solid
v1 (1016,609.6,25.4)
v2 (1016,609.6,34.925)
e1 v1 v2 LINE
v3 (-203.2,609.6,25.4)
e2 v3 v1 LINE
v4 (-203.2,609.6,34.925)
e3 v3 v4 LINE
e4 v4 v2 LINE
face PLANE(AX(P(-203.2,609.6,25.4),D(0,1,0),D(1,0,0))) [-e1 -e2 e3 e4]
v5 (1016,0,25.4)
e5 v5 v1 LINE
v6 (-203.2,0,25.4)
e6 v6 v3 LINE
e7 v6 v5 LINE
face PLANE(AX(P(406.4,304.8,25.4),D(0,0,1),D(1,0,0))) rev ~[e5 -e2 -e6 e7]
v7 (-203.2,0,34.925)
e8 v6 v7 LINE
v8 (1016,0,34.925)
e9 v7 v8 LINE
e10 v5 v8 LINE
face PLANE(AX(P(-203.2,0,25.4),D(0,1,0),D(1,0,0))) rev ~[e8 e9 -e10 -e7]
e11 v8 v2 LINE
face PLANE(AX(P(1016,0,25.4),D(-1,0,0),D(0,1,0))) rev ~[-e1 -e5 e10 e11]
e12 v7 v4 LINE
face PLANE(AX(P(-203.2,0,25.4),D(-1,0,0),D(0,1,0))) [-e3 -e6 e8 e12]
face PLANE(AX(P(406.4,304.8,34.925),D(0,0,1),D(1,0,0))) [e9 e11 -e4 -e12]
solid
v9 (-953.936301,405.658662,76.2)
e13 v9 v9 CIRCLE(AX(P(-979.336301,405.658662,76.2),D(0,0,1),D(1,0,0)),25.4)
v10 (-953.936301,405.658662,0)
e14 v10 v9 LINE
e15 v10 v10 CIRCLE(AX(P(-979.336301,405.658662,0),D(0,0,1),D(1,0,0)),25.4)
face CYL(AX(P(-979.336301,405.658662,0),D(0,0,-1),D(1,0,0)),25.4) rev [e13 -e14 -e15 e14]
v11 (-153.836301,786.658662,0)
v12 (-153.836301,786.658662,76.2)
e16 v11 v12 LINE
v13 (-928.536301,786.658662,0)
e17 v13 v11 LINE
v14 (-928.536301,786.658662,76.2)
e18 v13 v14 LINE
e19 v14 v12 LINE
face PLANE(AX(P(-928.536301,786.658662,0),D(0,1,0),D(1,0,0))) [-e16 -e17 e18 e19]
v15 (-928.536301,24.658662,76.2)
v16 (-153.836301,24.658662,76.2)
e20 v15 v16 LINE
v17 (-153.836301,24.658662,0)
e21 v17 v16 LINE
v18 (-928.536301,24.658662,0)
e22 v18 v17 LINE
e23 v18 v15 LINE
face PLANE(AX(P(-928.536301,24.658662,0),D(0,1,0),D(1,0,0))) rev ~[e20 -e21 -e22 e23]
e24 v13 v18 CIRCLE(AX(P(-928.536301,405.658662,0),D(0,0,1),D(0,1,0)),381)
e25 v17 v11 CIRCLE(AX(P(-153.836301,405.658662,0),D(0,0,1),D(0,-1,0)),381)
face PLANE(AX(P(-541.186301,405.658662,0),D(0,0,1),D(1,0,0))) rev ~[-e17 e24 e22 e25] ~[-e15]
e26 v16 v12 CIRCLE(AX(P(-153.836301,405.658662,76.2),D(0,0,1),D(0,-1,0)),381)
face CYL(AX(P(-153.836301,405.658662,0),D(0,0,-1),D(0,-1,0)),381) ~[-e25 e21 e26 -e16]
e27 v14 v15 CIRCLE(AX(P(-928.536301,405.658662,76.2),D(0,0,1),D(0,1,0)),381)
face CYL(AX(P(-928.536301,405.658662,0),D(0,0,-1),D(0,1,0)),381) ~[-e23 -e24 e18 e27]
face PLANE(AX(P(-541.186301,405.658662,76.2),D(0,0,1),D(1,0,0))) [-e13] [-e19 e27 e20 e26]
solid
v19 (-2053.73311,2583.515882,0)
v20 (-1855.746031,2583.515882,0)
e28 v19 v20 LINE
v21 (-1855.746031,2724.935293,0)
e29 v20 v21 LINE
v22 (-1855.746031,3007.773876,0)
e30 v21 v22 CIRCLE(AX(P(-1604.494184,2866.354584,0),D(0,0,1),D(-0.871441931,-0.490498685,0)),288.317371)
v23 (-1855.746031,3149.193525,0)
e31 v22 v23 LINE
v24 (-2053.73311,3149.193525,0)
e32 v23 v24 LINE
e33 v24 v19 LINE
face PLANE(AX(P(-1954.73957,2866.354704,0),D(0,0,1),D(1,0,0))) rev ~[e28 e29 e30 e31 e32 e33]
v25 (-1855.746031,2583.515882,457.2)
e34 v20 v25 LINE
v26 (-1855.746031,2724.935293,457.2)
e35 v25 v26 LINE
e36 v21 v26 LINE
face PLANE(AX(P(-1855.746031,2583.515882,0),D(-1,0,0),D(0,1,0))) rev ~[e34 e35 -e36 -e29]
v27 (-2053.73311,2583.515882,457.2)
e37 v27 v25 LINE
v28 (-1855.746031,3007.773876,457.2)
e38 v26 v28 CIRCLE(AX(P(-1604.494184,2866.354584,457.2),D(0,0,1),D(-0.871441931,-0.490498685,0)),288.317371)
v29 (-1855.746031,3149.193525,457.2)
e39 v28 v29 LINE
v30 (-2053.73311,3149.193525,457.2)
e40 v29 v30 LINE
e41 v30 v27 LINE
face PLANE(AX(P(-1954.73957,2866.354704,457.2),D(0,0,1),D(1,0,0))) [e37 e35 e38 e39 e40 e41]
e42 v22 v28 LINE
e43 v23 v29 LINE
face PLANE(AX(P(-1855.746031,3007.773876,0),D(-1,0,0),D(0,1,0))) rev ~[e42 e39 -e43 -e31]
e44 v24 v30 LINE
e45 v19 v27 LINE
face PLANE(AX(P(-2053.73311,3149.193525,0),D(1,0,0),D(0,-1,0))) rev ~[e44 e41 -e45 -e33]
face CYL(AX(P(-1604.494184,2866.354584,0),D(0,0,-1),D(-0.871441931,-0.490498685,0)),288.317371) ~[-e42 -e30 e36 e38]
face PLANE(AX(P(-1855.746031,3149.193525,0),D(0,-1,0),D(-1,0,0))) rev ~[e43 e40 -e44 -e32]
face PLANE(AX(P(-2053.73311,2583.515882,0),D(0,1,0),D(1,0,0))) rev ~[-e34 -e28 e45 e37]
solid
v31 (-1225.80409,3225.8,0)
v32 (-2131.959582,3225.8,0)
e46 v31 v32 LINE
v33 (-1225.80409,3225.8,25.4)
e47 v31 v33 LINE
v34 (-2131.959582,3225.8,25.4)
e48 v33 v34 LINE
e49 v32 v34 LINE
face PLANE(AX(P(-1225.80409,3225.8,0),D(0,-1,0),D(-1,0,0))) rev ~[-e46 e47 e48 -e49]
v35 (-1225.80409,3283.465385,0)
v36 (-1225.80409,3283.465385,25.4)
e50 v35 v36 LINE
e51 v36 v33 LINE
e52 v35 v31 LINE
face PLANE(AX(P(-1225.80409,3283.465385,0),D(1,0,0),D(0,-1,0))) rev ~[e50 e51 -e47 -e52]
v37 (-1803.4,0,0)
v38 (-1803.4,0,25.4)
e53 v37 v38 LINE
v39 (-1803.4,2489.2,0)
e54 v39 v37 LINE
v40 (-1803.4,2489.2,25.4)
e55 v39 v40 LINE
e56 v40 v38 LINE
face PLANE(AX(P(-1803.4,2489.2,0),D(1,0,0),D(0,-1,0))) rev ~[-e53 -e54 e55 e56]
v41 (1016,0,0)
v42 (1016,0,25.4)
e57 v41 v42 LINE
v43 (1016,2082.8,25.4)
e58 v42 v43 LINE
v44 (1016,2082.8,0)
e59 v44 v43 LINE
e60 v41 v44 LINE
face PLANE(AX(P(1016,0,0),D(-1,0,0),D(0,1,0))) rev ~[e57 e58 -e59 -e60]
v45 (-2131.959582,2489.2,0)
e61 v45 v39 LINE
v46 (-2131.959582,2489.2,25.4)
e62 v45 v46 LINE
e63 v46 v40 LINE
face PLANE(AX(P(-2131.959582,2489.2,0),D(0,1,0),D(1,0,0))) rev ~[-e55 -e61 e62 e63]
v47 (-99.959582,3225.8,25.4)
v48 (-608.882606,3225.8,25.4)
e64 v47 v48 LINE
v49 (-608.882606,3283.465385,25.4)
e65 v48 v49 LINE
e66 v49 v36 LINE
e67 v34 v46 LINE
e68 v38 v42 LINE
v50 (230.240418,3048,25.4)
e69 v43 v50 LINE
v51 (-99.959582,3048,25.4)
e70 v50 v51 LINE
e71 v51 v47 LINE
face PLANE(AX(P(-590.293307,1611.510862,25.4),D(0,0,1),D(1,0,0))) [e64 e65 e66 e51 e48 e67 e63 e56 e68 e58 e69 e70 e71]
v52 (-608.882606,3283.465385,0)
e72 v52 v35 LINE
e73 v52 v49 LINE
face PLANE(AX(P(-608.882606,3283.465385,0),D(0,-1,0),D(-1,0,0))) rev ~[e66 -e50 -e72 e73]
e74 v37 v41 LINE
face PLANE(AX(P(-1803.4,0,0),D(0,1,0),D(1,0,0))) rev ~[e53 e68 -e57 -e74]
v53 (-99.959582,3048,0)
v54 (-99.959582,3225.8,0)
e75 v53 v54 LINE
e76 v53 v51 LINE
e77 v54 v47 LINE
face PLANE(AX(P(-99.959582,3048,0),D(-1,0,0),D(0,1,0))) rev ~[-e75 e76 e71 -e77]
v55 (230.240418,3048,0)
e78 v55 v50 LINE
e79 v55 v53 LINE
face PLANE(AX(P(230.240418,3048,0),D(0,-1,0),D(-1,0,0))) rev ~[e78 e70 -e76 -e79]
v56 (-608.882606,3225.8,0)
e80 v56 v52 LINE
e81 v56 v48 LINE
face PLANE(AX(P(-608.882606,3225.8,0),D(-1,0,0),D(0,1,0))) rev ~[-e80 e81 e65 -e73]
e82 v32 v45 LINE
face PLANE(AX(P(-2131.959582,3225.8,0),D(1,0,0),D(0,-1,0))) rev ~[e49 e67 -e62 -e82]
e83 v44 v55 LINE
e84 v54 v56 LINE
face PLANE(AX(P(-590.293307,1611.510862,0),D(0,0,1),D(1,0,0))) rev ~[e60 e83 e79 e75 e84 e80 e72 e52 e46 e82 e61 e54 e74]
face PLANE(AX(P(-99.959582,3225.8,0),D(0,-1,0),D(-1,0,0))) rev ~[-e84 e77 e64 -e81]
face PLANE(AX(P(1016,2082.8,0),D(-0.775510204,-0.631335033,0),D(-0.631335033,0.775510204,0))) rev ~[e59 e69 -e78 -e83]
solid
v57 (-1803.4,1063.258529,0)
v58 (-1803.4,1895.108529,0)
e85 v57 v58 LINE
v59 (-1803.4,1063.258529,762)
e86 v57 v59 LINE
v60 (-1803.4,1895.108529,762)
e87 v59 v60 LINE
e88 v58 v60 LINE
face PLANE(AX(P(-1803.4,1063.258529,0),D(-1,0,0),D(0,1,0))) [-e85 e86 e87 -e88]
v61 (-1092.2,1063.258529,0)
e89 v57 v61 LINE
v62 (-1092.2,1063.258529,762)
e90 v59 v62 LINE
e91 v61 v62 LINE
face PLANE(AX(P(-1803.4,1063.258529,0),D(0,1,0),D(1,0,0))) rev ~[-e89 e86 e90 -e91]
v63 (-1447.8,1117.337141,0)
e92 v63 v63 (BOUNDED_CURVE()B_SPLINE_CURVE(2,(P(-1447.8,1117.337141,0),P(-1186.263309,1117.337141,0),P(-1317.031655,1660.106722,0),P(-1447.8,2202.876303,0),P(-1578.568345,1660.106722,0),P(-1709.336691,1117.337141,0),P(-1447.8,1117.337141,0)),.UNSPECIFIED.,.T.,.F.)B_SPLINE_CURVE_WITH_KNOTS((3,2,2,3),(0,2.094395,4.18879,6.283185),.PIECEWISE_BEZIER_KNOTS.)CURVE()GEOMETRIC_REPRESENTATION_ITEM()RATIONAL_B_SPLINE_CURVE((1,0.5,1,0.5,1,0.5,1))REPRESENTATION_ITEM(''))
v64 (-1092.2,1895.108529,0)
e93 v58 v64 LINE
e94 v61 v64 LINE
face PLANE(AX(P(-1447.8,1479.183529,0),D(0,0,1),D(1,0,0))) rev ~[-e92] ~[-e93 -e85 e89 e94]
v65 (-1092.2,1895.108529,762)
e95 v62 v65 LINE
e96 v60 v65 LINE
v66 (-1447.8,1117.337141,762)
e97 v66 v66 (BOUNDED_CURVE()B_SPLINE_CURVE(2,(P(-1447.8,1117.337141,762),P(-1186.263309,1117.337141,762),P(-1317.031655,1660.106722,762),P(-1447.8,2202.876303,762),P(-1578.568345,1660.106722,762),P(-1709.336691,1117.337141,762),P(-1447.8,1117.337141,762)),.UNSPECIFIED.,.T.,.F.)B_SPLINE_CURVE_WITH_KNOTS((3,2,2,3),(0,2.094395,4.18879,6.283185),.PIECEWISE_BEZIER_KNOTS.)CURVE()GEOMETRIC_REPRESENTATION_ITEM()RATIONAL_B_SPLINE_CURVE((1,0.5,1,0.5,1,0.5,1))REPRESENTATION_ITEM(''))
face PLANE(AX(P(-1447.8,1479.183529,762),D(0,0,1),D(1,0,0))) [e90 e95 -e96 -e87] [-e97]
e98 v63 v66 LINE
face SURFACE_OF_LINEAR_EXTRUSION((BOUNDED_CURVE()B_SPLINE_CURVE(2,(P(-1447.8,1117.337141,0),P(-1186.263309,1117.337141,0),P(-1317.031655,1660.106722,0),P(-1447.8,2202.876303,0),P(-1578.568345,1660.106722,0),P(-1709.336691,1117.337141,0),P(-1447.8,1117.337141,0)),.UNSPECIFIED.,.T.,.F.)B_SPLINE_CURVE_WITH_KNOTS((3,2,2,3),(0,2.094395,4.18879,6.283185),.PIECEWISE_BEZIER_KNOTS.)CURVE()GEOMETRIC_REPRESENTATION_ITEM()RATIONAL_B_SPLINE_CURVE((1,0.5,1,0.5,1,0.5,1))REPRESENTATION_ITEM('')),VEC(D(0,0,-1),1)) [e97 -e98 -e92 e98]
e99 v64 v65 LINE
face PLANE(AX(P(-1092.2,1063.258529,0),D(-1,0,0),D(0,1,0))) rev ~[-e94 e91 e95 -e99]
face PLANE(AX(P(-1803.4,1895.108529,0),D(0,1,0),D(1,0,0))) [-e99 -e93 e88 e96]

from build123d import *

# Parameters (mm, degrees)
F1_DEPTH = 25.4
F2_W     = 1219.2
F2_H     = 609.6
F3_DEPTH = 9.525
F4_W     = 774.7
F4_H     = 762
F4_R     = 25.4
F5_DEPTH = 76.2
F7_DEPTH = 457.2
F8_W     = 711.2
F8_H     = 831.85
F9_DEPTH = 762


with BuildPart() as f1:
    # F0 (on Top) → F1 (new body)
    with BuildSketch(Plane.XY):
        Polygon((-1803.4, 0), (0, 0), (1016, 0), (1016, 2082.8), (230.240418, 3048), (-99.959582, 3048), (-99.959582, 3225.8), (-608.882606, 3225.8), (-608.882606, 3283.465385), (-1225.80409, 3283.465385), (-1225.80409, 3225.8), (-2131.959582, 3225.8), (-2131.959582, 2489.2), (-1803.4, 2489.2), align=None)
    extrude(amount=F1_DEPTH)


with BuildPart() as f3:
    # F2 (on face) → F3 (new body)
    with BuildSketch(Plane.XY.offset(25.4)):
        with Locations((406.4, 304.8)):
            Rectangle(F2_W, F2_H)
    extrude(amount=F3_DEPTH)


with BuildPart() as f5:
    # F4 (on Top) → F5 (new body)
    with BuildSketch(Plane.XY):
        with Locations((-541.186301, 405.658662)):
            Rectangle(F4_W, F4_H)
        with BuildLine():
            ThreePointArc((-153.836301, 24.658662), (227.163699, 405.658662), (-153.836301, 786.658662))
            Line((-153.836301, 786.658662), (-153.836301, 24.658662))
        make_face()
        with BuildLine():
            Line((-928.536301, 24.658662), (-928.536301, 786.658662))
            ThreePointArc((-928.536301, 786.658662), (-1309.536301, 405.658662), (-928.536301, 24.658662))
        make_face()
        with Locations((-979.336301, 405.658662)):
            Circle(F4_R, mode=Mode.SUBTRACT)
    extrude(amount=F5_DEPTH)


with BuildPart() as f7:
    # F6 (on Top) → F7 (new body)
    with BuildSketch(Plane.XY):
        Polygon((-2053.73311, 2583.515882), (-1855.746031, 2583.515882), (-1855.746031, 2724.935293), (-1855.746031, 3007.773876), (-1855.746031, 3149.193525), (-2053.73311, 3149.193525), align=None)
        with BuildLine():
            Line((-1855.746031, 3007.773876), (-1855.746031, 2724.935293))
            ThreePointArc((-1855.746031, 2724.935293), (-1316.176813, 2866.354585), (-1855.746031, 3007.773876))
        make_face()
    extrude(amount=F7_DEPTH)


with BuildPart() as f9:
    # F8 (on Top) → F9 (new body)
    with BuildSketch(Plane.XY):
        with Locations((-1447.8, 1479.183529)):
            Rectangle(F8_W, F8_H)
        with BuildLine():
            add(Edge.make_bspline(
                [(-1447.8, 1117.337141), (-1186.263309, 1117.337141), (-1317.031655, 1660.106722), (-1447.8, 2202.876303), (-1578.568345, 1660.106722), (-1709.336691, 1117.337141), (-1447.8, 1117.337141)],
                knots=[0, 0, 0, 2.094395, 2.094395, 4.18879, 4.18879, 6.283185, 6.283185, 6.283185], degree=2, weights=[1, 0.5, 1, 0.5, 1, 0.5, 1]))
        make_face(mode=Mode.SUBTRACT)
    extrude(amount=F9_DEPTH)


solid = Compound([f1.part, f3.part, f5.part, f7.part, f9.part])
